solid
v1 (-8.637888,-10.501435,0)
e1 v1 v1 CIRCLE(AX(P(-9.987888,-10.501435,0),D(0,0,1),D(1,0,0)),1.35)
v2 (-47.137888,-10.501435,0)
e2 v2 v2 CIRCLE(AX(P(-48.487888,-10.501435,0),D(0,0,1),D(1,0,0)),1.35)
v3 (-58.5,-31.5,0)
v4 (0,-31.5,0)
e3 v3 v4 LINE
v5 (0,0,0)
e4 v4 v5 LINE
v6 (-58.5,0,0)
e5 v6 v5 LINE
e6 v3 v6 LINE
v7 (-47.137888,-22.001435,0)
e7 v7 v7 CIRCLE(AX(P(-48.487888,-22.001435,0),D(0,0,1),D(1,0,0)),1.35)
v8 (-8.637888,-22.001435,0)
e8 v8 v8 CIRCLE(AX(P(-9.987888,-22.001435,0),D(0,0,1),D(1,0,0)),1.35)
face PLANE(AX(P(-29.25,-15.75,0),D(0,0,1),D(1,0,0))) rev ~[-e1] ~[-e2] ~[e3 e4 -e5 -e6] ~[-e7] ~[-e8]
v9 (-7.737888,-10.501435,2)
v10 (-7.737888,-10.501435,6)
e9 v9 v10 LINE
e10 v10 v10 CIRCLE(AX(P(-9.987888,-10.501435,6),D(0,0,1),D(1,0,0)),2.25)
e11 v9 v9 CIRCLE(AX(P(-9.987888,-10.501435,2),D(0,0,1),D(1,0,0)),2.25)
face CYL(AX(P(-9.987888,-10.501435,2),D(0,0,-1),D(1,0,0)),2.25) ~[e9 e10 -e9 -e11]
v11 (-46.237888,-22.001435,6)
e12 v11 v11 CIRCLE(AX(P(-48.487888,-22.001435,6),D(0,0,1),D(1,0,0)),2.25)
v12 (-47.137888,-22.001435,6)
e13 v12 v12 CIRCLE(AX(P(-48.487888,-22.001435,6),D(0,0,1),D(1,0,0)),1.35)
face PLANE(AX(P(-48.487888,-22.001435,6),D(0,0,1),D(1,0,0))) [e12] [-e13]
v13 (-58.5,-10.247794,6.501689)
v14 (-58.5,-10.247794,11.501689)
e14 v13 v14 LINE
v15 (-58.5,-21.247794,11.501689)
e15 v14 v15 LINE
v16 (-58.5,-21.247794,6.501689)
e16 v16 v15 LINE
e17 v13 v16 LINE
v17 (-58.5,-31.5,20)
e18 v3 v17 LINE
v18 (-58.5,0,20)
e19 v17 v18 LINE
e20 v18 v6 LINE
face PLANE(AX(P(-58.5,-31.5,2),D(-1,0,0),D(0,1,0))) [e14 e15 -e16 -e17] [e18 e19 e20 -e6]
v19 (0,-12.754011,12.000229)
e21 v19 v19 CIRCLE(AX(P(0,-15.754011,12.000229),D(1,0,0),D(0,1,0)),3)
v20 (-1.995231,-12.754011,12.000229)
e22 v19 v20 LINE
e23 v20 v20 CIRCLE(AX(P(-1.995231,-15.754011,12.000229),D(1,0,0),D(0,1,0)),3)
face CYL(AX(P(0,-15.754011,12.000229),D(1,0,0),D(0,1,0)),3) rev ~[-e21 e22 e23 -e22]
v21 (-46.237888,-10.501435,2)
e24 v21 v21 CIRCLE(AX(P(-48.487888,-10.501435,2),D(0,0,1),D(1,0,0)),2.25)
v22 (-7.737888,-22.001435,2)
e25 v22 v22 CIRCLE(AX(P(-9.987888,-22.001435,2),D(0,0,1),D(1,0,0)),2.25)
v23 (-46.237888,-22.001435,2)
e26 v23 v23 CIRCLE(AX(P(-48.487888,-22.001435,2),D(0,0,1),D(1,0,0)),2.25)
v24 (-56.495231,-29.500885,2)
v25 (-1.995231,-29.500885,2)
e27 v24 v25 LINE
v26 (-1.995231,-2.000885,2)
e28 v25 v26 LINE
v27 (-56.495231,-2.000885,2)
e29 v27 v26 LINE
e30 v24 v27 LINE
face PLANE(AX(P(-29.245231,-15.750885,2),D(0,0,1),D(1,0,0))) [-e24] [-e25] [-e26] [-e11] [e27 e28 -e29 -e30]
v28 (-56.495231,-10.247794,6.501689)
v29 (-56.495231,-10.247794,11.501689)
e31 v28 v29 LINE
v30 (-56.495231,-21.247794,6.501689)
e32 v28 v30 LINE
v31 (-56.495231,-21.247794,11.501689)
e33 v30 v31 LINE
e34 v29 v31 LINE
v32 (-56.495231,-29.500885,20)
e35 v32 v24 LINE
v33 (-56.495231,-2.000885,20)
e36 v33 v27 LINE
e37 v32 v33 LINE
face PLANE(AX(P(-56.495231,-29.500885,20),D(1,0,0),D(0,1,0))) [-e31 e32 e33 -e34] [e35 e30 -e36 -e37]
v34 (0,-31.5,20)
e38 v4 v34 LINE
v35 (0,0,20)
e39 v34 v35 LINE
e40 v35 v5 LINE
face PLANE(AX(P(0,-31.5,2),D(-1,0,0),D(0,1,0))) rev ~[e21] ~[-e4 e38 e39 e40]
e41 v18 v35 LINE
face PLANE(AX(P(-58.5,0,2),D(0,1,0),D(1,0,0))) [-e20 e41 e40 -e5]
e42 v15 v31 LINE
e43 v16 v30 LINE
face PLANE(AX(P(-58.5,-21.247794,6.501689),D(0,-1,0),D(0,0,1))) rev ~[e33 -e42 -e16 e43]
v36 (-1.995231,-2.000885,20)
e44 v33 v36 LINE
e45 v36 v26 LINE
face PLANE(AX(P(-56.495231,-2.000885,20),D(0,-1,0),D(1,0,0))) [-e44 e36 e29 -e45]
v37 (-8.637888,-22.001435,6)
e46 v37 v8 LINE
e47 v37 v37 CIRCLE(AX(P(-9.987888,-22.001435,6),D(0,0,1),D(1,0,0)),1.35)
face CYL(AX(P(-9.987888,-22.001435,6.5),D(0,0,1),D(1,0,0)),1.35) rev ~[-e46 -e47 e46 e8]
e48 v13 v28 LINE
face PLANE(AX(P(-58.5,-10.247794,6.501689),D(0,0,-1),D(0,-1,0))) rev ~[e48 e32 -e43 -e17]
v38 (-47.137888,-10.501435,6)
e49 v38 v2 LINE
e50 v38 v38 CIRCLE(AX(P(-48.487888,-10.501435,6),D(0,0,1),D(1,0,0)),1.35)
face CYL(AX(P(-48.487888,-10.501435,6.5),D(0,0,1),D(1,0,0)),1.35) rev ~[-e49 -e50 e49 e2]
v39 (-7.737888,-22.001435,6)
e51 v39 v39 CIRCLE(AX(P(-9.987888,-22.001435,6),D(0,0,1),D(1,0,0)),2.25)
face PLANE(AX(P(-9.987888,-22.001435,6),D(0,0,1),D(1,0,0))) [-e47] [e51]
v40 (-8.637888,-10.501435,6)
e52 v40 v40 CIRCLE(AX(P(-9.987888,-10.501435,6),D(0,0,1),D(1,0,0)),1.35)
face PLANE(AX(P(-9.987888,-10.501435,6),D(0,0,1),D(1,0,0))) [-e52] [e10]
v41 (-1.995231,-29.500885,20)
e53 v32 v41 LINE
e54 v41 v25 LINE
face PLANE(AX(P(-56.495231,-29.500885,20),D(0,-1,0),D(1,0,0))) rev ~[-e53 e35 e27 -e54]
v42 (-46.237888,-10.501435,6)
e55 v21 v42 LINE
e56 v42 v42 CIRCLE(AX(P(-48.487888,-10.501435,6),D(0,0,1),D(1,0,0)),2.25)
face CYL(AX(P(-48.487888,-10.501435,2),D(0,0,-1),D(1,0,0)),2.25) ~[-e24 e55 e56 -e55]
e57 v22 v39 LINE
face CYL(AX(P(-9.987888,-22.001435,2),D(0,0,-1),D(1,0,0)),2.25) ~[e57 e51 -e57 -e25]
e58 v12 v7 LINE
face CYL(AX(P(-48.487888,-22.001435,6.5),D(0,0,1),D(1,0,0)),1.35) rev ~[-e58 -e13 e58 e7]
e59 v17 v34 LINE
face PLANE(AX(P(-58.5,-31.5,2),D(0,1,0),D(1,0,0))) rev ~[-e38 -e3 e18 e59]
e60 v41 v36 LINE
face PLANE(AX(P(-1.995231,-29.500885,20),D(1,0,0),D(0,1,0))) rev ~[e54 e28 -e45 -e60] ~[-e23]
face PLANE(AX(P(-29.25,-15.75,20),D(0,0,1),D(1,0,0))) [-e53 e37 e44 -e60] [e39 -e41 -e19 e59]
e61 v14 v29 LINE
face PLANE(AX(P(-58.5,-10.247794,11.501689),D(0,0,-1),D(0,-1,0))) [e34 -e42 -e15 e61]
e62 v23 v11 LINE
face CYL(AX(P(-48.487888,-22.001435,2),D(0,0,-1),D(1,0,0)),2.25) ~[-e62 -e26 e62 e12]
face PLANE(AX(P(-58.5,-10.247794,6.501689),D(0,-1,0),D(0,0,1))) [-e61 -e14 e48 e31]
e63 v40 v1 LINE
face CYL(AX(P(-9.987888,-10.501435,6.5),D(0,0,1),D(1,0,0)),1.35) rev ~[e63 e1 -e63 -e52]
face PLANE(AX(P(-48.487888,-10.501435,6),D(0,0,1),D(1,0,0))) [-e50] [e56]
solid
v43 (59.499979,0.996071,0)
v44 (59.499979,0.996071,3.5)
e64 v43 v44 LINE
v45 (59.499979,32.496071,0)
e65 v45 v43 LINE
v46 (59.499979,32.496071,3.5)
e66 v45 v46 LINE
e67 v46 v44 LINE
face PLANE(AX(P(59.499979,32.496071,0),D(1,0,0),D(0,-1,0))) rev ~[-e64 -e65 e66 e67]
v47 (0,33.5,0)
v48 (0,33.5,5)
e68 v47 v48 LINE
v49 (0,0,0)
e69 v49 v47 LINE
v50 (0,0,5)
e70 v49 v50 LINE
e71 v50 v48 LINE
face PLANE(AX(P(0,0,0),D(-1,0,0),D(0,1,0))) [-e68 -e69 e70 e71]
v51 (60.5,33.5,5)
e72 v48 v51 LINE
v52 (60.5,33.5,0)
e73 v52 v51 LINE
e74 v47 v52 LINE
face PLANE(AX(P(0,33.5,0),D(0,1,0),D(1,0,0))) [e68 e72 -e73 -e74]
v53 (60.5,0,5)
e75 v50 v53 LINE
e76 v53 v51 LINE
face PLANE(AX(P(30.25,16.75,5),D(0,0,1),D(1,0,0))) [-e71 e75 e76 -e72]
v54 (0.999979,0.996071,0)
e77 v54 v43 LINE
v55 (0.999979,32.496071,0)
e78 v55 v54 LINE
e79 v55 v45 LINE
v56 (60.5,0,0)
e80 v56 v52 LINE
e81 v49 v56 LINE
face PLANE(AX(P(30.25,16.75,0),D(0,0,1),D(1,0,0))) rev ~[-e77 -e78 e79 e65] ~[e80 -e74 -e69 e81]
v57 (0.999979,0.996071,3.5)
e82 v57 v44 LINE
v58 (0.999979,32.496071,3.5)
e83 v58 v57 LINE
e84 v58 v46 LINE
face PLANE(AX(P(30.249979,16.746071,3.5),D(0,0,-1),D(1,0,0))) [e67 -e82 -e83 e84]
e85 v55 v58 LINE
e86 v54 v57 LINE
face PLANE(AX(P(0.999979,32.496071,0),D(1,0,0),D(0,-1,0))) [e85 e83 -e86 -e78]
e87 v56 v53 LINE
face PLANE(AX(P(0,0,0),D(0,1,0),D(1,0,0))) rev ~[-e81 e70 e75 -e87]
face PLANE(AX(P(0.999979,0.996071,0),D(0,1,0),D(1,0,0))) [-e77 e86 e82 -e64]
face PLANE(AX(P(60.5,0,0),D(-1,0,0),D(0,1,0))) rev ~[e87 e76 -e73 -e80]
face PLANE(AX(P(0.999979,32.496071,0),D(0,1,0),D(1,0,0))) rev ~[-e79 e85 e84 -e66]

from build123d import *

# Parameters (mm, degrees)
SKETCH_W        = 58.5
SKETCH_H        = 31.5
PAD_DEPTH       = 2
SKETCH001_W     = 58.5
SKETCH001_H     = 31.5
PAD001_DEPTH    = 18
SKETCH002_W     = 54.5
SKETCH002_H     = 27.5
POCKET_DEPTH    = 18
SKETCH003_R     = 2.25
PAD002_DEPTH    = 4
SKETCH004_R     = 1.35
POCKET001_DEPTH = 6.501
SKETCH006_W     = 11
SKETCH006_H     = 5
POCKET002_DEPTH = 2.004769
SKETCH007_R     = 3
POCKET003_DEPTH = 1.995231
SKETCH008_W     = 60.5
SKETCH008_H     = 33.5
PAD003_DEPTH    = 5
SKETCH009_W     = 58.5
SKETCH009_H     = 31.5
POCKET004_DEPTH = 3.5


with BuildPart() as body001:
    # Sketch → Pad (new body)
    with BuildSketch(Plane.XY):
        with Locations((-29.25, -15.75)):
            Rectangle(SKETCH_W, SKETCH_H)
    extrude(amount=PAD_DEPTH)

    # Sketch001 (on Face6 of Pad) → Pad001 (join)
    with BuildSketch(Plane.XY.offset(2)):
        with Locations((-29.25, -15.75)):
            Rectangle(SKETCH001_W, SKETCH001_H)
    extrude(amount=PAD001_DEPTH)

    # Sketch002 (on Face3 of Pad001) → Pocket (cut)
    with BuildSketch(Plane.XY.offset(20)):
        with Locations((-29.245231, -15.750885)):
            Rectangle(SKETCH002_W, SKETCH002_H)
    extrude(amount=-POCKET_DEPTH, mode=Mode.SUBTRACT)

    # Sketch003 (on Face11 of Pocket) → Pad002 (join)
    with BuildSketch(Plane.XY.offset(2)):
        with Locations((-48.487888, -10.501435)):
            Circle(SKETCH003_R)
        with Locations((-48.487888, -22.001435)):
            Circle(SKETCH003_R)
        with Locations((-9.987888, -22.001435)):
            Circle(SKETCH003_R)
        with Locations((-9.987888, -10.501435)):
            Circle(SKETCH003_R)
    extrude(amount=PAD002_DEPTH)

    # Sketch004 → Pocket001 (cut, through all)
    with BuildSketch(Plane.XY.offset(6.5)):
        with Locations((-48.487888, -10.501435)):
            Circle(SKETCH004_R)
        with Locations((-48.487888, -22.001435)):
            Circle(SKETCH004_R)
        with Locations((-9.987888, -22.001435)):
            Circle(SKETCH004_R)
        with Locations((-9.987888, -10.501435)):
            Circle(SKETCH004_R)
    extrude(amount=-POCKET001_DEPTH, mode=Mode.SUBTRACT)

    # Sketch006 (on Face4 of Pocket001) → Pocket002 (cut)
    with BuildSketch(Plane(origin=(-58.5, 0, 0), x_dir=(0, -1, 0), z_dir=(-1, 0, 0))):
        with Locations((15.747794, 9.001689)):
            Rectangle(SKETCH006_W, SKETCH006_H)
    extrude(amount=-POCKET002_DEPTH, mode=Mode.SUBTRACT)

    # Sketch007 (on Face3 of Pocket002) → Pocket003 (cut)
    with BuildSketch(Plane.YZ):
        with Locations((-15.754011, 12.000229)):
            Circle(SKETCH007_R)
    extrude(amount=-POCKET003_DEPTH, mode=Mode.SUBTRACT)


with BuildPart() as body:
    # Sketch008 → Pad003 (new body)
    with BuildSketch(Plane.XY):
        with Locations((30.25, 16.75)):
            Rectangle(SKETCH008_W, SKETCH008_H)
    extrude(amount=PAD003_DEPTH)

    # Sketch009 (on Face5 of Pad003) → Pocket004 (cut)
    with BuildSketch(Plane(origin=(0, 0, 0), x_dir=(1, 0, 0), z_dir=(0, 0, -1))):
        with Locations((30.249979, -16.746071)):
            Rectangle(SKETCH009_W, SKETCH009_H)
    extrude(amount=-POCKET004_DEPTH, mode=Mode.SUBTRACT)


solid = Compound([body001.part, body.part])
